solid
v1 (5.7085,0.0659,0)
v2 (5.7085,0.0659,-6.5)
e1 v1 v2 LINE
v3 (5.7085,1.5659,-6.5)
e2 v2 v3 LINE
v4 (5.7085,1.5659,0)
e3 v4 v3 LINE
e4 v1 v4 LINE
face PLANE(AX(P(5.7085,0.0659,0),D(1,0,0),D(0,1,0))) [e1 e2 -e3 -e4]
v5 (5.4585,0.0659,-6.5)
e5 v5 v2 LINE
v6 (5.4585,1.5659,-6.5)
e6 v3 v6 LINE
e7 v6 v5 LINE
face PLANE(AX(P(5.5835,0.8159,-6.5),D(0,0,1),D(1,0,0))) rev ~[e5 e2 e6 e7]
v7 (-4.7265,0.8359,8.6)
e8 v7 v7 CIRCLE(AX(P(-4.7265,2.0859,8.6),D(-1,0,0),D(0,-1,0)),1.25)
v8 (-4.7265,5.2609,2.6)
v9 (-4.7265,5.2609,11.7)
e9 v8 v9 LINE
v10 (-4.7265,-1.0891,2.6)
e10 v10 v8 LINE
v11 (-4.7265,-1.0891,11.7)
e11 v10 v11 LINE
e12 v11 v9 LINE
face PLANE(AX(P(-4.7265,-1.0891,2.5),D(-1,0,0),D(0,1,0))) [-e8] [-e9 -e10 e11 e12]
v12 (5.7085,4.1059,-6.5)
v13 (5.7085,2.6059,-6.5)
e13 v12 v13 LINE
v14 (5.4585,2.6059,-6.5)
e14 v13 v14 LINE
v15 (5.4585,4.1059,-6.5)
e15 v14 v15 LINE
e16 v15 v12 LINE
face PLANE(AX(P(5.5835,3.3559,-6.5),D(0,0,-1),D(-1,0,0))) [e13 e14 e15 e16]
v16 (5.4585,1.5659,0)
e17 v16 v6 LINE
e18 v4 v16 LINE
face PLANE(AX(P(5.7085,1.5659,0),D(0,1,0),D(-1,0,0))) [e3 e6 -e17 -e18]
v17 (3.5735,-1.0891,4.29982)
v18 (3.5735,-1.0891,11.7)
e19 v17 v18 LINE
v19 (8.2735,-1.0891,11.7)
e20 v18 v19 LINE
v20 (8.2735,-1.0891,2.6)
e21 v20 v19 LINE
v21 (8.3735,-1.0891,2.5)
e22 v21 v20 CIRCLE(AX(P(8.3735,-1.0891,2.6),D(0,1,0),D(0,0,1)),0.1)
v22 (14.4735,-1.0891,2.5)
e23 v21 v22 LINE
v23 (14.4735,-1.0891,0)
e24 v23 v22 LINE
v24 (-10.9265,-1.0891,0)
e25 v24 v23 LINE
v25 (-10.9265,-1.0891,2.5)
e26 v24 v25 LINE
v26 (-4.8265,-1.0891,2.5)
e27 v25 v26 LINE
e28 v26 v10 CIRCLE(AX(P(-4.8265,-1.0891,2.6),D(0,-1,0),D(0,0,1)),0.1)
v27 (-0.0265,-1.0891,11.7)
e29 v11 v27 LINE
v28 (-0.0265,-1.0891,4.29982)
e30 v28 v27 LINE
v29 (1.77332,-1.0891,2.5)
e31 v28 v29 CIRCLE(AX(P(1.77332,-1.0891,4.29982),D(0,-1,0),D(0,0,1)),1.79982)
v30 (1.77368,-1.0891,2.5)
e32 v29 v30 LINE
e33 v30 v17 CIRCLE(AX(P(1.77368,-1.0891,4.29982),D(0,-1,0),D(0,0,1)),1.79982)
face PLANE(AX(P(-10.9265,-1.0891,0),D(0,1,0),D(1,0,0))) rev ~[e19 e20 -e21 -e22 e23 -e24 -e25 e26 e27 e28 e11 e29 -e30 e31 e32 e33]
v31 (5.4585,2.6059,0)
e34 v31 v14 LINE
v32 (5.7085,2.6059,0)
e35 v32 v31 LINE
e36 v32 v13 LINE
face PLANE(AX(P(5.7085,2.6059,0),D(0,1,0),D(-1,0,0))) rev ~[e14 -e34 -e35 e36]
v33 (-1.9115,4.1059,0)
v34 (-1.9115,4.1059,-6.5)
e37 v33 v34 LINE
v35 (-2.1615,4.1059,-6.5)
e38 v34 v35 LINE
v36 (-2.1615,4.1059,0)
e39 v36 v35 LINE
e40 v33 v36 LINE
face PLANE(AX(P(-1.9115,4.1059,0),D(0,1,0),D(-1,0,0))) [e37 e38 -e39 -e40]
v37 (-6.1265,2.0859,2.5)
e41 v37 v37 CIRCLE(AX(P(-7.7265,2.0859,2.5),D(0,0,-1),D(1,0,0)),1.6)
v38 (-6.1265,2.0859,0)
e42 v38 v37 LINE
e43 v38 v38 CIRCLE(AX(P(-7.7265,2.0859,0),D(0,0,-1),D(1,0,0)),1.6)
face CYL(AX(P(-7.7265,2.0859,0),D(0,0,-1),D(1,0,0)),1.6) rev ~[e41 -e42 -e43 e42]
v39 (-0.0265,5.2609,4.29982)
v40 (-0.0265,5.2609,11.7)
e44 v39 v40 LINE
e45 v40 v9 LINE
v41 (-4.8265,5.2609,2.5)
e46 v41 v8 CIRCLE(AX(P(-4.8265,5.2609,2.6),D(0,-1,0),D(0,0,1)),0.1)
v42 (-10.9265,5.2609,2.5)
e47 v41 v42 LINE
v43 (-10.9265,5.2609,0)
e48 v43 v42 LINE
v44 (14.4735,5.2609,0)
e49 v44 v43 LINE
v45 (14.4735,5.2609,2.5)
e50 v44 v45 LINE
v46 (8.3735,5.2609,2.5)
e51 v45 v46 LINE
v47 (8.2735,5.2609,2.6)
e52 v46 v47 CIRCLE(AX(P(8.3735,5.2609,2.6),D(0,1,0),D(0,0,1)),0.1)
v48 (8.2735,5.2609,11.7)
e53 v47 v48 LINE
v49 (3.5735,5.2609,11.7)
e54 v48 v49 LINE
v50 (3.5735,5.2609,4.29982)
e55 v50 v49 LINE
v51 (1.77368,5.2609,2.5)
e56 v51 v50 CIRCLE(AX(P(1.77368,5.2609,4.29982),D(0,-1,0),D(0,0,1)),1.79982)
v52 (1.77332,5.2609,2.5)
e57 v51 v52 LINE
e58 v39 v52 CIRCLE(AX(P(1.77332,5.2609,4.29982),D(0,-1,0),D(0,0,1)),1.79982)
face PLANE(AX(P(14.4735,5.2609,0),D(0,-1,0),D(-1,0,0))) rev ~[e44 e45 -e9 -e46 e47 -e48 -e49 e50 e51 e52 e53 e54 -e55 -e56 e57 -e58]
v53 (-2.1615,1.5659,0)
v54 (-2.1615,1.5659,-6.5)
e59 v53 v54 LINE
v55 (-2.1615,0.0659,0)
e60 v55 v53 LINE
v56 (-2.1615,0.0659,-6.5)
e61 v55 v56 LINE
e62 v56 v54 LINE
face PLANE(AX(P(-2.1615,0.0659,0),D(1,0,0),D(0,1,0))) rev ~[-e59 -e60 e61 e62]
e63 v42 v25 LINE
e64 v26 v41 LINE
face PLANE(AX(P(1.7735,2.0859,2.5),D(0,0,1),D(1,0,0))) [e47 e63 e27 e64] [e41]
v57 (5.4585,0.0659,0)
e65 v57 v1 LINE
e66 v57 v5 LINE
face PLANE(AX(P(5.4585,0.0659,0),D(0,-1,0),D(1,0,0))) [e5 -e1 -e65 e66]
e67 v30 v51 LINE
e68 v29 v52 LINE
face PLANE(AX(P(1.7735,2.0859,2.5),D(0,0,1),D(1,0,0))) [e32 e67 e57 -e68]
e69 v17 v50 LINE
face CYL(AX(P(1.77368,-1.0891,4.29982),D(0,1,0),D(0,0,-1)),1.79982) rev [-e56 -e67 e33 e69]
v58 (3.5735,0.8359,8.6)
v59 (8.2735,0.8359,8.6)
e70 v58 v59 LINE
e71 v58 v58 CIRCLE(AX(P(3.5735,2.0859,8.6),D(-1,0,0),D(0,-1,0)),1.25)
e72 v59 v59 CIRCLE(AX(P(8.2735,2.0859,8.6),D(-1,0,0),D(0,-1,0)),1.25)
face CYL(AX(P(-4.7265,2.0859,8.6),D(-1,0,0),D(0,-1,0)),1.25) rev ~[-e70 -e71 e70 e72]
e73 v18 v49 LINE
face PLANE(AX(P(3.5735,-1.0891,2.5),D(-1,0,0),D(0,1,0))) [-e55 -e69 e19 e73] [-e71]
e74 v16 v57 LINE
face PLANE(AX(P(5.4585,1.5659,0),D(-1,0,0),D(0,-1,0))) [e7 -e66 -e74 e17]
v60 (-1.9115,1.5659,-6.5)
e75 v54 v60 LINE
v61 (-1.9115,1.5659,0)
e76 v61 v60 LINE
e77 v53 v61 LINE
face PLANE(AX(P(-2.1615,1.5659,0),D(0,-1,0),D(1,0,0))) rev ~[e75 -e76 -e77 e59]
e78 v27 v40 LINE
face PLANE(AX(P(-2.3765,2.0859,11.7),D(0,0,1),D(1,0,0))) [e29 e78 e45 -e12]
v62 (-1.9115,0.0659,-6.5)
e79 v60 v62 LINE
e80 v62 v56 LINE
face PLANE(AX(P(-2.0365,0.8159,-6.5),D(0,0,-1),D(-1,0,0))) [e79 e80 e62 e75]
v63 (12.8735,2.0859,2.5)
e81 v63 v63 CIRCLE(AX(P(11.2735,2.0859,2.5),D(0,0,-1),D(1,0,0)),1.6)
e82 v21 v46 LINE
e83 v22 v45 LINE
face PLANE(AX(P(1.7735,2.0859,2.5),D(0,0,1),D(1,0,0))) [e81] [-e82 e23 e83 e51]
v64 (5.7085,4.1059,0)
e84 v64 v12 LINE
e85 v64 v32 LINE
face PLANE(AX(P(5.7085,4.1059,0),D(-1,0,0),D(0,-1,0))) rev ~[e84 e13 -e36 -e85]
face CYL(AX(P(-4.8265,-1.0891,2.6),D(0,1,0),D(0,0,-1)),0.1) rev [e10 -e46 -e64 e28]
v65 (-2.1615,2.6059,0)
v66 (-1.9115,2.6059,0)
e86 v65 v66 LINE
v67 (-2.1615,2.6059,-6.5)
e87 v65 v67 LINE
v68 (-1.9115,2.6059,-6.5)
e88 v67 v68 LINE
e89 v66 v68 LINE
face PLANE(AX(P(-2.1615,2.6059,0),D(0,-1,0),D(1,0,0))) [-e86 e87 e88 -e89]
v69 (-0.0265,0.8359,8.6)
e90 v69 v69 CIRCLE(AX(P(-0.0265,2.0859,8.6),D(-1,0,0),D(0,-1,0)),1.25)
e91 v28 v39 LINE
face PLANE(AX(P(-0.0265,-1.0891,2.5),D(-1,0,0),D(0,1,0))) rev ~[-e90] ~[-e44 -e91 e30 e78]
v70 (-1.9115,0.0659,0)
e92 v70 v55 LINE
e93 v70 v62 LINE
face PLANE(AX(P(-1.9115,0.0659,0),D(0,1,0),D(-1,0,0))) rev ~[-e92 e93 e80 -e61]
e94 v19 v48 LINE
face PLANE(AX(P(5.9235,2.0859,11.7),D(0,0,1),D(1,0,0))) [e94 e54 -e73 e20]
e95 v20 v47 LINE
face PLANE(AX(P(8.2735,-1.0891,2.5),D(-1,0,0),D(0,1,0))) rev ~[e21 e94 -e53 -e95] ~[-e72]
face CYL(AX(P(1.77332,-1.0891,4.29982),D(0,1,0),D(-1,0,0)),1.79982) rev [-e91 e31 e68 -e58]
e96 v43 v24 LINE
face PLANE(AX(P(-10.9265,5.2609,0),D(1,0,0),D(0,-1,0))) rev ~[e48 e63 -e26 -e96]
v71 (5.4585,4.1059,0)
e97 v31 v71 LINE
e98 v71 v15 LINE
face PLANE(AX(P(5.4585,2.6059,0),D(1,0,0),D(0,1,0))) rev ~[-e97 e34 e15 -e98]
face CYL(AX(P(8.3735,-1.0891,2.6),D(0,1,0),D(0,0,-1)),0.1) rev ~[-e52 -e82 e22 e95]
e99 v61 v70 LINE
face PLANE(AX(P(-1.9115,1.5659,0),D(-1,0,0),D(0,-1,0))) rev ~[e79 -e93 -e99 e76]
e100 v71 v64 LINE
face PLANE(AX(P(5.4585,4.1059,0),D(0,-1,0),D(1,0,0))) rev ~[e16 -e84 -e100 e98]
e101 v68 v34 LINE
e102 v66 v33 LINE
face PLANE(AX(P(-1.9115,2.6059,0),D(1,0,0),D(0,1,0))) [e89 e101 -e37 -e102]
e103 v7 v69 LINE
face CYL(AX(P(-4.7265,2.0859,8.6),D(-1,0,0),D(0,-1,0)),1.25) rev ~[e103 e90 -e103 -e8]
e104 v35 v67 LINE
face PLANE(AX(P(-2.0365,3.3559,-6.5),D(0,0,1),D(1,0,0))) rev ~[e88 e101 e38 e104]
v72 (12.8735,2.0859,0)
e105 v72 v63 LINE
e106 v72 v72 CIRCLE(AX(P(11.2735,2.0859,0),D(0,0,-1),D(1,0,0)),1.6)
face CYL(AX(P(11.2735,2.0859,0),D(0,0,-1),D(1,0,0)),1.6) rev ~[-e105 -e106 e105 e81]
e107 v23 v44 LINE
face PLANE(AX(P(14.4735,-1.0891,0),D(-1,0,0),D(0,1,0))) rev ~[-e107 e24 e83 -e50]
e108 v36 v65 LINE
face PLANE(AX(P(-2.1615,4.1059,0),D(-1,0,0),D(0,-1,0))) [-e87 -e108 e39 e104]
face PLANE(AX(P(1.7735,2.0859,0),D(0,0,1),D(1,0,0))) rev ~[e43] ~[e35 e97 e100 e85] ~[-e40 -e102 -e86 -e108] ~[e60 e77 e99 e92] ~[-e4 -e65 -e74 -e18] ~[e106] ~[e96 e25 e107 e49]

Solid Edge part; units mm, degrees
sketch "Sketch1" plane through (0, 0, 0) normal (0, 0, 1) x (1, 0, 0)
  line L0 (-10.9265, -1.0891) -> (14.4735, -1.0891)
  line L1 (14.4735, -1.0891) -> (14.4735, 5.2609)
  line L2 (14.4735, 5.2609) -> (-10.9265, 5.2609)
  line L3 (-10.9265, 5.2609) -> (-10.9265, -1.0891)
  dimension "D1" = 25.4
  dimension "D2" = 6.35
extrude "Protrusion1" add sketch "Sketch1" along normal blind 2.5
sketch "Sketch2" plane through (1.7735, 2.0859, 2.5) normal (0, 0, 1) x (0, 1, 0)
  line L0 (-3.175, -1.8) -> (-3.175, -6.5)
  line L1 (-3.175, -6.5) -> (3.175, -6.5)
  line L2 (3.175, -6.5) -> (3.175, -1.8)
  line L3 (-3.175, -1.8) -> (3.175, -1.8)
  line L4 (3.175, 1.8) -> (3.175, 6.5)
  line L5 (-3.175, 6.5) -> (3.175, 6.5)
  line L6 (-3.175, 6.5) -> (-3.175, 1.8)
  line L7 (-3.175, 1.8) -> (3.175, 1.8)
extrude "ExtrudedProtrusion_2" add sketch "Sketch2" along normal blind 9.2
fillet "Round_1" radius 0.1 2 edges at (-4.7265, 2.0859, 2.5) (8.2735, 2.0859, 2.5)
fillet "Round_2" radius 1.8 2 edges at (-0.0265, 2.0859, 2.5) (3.5735, 2.0859, 2.5)
sketch "Sketch3" plane through (1.7735, 2.0859, 0) normal (0, 0, -1) x (1, 0, 0)
  line L0 (-3.935, 2.02) -> (-3.935, 0.52)
  line L1 (-3.935, 0.52) -> (-3.685, 0.52)
  line L2 (-3.685, 0.52) -> (-3.685, 2.02)
  line L3 (-3.685, 2.02) -> (-3.935, 2.02)
  line L4 (-3.935, -0.52) -> (-3.685, -0.52)
  line L5 (-3.685, -0.52) -> (-3.685, -2.02)
  line L6 (-3.685, -2.02) -> (-3.935, -2.02)
  line L7 (-3.935, -2.02) -> (-3.935, -0.52)
  line L8 (3.935, -2.02) -> (3.935, -0.52)
  line L9 (3.935, -0.52) -> (3.685, -0.52)
  line L10 (3.685, -0.52) -> (3.685, -2.02)
  line L11 (3.685, -2.02) -> (3.935, -2.02)
  line L12 (3.935, 0.52) -> (3.685, 0.52)
  line L13 (3.685, 0.52) -> (3.685, 2.02)
  line L14 (3.685, 2.02) -> (3.935, 2.02)
  line L15 (3.935, 2.02) -> (3.935, 0.52)
extrude "ExtrudedProtrusion_3" add sketch "Sketch3" along normal blind 6.5
sketch "Sketch4" plane through (-4.7265, 2.0859, 8.55) normal (-1, 0, 0) x (0, -1, 0)
  circle A0 centre (0, 0.05) radius 1.25
extrude "Cutout1" cut sketch "Sketch4" against normal through all
sketch "Sketch5" plane through (1.7735, 2.0859, 0) normal (0, 0, -1) x (1, 0, 0)
  circle A0 centre (-9.5, 0) radius 1.6
  circle A1 centre (9.5, 0) radius 1.6
extrude "Cutout2" cut sketch "Sketch5" against normal through all
